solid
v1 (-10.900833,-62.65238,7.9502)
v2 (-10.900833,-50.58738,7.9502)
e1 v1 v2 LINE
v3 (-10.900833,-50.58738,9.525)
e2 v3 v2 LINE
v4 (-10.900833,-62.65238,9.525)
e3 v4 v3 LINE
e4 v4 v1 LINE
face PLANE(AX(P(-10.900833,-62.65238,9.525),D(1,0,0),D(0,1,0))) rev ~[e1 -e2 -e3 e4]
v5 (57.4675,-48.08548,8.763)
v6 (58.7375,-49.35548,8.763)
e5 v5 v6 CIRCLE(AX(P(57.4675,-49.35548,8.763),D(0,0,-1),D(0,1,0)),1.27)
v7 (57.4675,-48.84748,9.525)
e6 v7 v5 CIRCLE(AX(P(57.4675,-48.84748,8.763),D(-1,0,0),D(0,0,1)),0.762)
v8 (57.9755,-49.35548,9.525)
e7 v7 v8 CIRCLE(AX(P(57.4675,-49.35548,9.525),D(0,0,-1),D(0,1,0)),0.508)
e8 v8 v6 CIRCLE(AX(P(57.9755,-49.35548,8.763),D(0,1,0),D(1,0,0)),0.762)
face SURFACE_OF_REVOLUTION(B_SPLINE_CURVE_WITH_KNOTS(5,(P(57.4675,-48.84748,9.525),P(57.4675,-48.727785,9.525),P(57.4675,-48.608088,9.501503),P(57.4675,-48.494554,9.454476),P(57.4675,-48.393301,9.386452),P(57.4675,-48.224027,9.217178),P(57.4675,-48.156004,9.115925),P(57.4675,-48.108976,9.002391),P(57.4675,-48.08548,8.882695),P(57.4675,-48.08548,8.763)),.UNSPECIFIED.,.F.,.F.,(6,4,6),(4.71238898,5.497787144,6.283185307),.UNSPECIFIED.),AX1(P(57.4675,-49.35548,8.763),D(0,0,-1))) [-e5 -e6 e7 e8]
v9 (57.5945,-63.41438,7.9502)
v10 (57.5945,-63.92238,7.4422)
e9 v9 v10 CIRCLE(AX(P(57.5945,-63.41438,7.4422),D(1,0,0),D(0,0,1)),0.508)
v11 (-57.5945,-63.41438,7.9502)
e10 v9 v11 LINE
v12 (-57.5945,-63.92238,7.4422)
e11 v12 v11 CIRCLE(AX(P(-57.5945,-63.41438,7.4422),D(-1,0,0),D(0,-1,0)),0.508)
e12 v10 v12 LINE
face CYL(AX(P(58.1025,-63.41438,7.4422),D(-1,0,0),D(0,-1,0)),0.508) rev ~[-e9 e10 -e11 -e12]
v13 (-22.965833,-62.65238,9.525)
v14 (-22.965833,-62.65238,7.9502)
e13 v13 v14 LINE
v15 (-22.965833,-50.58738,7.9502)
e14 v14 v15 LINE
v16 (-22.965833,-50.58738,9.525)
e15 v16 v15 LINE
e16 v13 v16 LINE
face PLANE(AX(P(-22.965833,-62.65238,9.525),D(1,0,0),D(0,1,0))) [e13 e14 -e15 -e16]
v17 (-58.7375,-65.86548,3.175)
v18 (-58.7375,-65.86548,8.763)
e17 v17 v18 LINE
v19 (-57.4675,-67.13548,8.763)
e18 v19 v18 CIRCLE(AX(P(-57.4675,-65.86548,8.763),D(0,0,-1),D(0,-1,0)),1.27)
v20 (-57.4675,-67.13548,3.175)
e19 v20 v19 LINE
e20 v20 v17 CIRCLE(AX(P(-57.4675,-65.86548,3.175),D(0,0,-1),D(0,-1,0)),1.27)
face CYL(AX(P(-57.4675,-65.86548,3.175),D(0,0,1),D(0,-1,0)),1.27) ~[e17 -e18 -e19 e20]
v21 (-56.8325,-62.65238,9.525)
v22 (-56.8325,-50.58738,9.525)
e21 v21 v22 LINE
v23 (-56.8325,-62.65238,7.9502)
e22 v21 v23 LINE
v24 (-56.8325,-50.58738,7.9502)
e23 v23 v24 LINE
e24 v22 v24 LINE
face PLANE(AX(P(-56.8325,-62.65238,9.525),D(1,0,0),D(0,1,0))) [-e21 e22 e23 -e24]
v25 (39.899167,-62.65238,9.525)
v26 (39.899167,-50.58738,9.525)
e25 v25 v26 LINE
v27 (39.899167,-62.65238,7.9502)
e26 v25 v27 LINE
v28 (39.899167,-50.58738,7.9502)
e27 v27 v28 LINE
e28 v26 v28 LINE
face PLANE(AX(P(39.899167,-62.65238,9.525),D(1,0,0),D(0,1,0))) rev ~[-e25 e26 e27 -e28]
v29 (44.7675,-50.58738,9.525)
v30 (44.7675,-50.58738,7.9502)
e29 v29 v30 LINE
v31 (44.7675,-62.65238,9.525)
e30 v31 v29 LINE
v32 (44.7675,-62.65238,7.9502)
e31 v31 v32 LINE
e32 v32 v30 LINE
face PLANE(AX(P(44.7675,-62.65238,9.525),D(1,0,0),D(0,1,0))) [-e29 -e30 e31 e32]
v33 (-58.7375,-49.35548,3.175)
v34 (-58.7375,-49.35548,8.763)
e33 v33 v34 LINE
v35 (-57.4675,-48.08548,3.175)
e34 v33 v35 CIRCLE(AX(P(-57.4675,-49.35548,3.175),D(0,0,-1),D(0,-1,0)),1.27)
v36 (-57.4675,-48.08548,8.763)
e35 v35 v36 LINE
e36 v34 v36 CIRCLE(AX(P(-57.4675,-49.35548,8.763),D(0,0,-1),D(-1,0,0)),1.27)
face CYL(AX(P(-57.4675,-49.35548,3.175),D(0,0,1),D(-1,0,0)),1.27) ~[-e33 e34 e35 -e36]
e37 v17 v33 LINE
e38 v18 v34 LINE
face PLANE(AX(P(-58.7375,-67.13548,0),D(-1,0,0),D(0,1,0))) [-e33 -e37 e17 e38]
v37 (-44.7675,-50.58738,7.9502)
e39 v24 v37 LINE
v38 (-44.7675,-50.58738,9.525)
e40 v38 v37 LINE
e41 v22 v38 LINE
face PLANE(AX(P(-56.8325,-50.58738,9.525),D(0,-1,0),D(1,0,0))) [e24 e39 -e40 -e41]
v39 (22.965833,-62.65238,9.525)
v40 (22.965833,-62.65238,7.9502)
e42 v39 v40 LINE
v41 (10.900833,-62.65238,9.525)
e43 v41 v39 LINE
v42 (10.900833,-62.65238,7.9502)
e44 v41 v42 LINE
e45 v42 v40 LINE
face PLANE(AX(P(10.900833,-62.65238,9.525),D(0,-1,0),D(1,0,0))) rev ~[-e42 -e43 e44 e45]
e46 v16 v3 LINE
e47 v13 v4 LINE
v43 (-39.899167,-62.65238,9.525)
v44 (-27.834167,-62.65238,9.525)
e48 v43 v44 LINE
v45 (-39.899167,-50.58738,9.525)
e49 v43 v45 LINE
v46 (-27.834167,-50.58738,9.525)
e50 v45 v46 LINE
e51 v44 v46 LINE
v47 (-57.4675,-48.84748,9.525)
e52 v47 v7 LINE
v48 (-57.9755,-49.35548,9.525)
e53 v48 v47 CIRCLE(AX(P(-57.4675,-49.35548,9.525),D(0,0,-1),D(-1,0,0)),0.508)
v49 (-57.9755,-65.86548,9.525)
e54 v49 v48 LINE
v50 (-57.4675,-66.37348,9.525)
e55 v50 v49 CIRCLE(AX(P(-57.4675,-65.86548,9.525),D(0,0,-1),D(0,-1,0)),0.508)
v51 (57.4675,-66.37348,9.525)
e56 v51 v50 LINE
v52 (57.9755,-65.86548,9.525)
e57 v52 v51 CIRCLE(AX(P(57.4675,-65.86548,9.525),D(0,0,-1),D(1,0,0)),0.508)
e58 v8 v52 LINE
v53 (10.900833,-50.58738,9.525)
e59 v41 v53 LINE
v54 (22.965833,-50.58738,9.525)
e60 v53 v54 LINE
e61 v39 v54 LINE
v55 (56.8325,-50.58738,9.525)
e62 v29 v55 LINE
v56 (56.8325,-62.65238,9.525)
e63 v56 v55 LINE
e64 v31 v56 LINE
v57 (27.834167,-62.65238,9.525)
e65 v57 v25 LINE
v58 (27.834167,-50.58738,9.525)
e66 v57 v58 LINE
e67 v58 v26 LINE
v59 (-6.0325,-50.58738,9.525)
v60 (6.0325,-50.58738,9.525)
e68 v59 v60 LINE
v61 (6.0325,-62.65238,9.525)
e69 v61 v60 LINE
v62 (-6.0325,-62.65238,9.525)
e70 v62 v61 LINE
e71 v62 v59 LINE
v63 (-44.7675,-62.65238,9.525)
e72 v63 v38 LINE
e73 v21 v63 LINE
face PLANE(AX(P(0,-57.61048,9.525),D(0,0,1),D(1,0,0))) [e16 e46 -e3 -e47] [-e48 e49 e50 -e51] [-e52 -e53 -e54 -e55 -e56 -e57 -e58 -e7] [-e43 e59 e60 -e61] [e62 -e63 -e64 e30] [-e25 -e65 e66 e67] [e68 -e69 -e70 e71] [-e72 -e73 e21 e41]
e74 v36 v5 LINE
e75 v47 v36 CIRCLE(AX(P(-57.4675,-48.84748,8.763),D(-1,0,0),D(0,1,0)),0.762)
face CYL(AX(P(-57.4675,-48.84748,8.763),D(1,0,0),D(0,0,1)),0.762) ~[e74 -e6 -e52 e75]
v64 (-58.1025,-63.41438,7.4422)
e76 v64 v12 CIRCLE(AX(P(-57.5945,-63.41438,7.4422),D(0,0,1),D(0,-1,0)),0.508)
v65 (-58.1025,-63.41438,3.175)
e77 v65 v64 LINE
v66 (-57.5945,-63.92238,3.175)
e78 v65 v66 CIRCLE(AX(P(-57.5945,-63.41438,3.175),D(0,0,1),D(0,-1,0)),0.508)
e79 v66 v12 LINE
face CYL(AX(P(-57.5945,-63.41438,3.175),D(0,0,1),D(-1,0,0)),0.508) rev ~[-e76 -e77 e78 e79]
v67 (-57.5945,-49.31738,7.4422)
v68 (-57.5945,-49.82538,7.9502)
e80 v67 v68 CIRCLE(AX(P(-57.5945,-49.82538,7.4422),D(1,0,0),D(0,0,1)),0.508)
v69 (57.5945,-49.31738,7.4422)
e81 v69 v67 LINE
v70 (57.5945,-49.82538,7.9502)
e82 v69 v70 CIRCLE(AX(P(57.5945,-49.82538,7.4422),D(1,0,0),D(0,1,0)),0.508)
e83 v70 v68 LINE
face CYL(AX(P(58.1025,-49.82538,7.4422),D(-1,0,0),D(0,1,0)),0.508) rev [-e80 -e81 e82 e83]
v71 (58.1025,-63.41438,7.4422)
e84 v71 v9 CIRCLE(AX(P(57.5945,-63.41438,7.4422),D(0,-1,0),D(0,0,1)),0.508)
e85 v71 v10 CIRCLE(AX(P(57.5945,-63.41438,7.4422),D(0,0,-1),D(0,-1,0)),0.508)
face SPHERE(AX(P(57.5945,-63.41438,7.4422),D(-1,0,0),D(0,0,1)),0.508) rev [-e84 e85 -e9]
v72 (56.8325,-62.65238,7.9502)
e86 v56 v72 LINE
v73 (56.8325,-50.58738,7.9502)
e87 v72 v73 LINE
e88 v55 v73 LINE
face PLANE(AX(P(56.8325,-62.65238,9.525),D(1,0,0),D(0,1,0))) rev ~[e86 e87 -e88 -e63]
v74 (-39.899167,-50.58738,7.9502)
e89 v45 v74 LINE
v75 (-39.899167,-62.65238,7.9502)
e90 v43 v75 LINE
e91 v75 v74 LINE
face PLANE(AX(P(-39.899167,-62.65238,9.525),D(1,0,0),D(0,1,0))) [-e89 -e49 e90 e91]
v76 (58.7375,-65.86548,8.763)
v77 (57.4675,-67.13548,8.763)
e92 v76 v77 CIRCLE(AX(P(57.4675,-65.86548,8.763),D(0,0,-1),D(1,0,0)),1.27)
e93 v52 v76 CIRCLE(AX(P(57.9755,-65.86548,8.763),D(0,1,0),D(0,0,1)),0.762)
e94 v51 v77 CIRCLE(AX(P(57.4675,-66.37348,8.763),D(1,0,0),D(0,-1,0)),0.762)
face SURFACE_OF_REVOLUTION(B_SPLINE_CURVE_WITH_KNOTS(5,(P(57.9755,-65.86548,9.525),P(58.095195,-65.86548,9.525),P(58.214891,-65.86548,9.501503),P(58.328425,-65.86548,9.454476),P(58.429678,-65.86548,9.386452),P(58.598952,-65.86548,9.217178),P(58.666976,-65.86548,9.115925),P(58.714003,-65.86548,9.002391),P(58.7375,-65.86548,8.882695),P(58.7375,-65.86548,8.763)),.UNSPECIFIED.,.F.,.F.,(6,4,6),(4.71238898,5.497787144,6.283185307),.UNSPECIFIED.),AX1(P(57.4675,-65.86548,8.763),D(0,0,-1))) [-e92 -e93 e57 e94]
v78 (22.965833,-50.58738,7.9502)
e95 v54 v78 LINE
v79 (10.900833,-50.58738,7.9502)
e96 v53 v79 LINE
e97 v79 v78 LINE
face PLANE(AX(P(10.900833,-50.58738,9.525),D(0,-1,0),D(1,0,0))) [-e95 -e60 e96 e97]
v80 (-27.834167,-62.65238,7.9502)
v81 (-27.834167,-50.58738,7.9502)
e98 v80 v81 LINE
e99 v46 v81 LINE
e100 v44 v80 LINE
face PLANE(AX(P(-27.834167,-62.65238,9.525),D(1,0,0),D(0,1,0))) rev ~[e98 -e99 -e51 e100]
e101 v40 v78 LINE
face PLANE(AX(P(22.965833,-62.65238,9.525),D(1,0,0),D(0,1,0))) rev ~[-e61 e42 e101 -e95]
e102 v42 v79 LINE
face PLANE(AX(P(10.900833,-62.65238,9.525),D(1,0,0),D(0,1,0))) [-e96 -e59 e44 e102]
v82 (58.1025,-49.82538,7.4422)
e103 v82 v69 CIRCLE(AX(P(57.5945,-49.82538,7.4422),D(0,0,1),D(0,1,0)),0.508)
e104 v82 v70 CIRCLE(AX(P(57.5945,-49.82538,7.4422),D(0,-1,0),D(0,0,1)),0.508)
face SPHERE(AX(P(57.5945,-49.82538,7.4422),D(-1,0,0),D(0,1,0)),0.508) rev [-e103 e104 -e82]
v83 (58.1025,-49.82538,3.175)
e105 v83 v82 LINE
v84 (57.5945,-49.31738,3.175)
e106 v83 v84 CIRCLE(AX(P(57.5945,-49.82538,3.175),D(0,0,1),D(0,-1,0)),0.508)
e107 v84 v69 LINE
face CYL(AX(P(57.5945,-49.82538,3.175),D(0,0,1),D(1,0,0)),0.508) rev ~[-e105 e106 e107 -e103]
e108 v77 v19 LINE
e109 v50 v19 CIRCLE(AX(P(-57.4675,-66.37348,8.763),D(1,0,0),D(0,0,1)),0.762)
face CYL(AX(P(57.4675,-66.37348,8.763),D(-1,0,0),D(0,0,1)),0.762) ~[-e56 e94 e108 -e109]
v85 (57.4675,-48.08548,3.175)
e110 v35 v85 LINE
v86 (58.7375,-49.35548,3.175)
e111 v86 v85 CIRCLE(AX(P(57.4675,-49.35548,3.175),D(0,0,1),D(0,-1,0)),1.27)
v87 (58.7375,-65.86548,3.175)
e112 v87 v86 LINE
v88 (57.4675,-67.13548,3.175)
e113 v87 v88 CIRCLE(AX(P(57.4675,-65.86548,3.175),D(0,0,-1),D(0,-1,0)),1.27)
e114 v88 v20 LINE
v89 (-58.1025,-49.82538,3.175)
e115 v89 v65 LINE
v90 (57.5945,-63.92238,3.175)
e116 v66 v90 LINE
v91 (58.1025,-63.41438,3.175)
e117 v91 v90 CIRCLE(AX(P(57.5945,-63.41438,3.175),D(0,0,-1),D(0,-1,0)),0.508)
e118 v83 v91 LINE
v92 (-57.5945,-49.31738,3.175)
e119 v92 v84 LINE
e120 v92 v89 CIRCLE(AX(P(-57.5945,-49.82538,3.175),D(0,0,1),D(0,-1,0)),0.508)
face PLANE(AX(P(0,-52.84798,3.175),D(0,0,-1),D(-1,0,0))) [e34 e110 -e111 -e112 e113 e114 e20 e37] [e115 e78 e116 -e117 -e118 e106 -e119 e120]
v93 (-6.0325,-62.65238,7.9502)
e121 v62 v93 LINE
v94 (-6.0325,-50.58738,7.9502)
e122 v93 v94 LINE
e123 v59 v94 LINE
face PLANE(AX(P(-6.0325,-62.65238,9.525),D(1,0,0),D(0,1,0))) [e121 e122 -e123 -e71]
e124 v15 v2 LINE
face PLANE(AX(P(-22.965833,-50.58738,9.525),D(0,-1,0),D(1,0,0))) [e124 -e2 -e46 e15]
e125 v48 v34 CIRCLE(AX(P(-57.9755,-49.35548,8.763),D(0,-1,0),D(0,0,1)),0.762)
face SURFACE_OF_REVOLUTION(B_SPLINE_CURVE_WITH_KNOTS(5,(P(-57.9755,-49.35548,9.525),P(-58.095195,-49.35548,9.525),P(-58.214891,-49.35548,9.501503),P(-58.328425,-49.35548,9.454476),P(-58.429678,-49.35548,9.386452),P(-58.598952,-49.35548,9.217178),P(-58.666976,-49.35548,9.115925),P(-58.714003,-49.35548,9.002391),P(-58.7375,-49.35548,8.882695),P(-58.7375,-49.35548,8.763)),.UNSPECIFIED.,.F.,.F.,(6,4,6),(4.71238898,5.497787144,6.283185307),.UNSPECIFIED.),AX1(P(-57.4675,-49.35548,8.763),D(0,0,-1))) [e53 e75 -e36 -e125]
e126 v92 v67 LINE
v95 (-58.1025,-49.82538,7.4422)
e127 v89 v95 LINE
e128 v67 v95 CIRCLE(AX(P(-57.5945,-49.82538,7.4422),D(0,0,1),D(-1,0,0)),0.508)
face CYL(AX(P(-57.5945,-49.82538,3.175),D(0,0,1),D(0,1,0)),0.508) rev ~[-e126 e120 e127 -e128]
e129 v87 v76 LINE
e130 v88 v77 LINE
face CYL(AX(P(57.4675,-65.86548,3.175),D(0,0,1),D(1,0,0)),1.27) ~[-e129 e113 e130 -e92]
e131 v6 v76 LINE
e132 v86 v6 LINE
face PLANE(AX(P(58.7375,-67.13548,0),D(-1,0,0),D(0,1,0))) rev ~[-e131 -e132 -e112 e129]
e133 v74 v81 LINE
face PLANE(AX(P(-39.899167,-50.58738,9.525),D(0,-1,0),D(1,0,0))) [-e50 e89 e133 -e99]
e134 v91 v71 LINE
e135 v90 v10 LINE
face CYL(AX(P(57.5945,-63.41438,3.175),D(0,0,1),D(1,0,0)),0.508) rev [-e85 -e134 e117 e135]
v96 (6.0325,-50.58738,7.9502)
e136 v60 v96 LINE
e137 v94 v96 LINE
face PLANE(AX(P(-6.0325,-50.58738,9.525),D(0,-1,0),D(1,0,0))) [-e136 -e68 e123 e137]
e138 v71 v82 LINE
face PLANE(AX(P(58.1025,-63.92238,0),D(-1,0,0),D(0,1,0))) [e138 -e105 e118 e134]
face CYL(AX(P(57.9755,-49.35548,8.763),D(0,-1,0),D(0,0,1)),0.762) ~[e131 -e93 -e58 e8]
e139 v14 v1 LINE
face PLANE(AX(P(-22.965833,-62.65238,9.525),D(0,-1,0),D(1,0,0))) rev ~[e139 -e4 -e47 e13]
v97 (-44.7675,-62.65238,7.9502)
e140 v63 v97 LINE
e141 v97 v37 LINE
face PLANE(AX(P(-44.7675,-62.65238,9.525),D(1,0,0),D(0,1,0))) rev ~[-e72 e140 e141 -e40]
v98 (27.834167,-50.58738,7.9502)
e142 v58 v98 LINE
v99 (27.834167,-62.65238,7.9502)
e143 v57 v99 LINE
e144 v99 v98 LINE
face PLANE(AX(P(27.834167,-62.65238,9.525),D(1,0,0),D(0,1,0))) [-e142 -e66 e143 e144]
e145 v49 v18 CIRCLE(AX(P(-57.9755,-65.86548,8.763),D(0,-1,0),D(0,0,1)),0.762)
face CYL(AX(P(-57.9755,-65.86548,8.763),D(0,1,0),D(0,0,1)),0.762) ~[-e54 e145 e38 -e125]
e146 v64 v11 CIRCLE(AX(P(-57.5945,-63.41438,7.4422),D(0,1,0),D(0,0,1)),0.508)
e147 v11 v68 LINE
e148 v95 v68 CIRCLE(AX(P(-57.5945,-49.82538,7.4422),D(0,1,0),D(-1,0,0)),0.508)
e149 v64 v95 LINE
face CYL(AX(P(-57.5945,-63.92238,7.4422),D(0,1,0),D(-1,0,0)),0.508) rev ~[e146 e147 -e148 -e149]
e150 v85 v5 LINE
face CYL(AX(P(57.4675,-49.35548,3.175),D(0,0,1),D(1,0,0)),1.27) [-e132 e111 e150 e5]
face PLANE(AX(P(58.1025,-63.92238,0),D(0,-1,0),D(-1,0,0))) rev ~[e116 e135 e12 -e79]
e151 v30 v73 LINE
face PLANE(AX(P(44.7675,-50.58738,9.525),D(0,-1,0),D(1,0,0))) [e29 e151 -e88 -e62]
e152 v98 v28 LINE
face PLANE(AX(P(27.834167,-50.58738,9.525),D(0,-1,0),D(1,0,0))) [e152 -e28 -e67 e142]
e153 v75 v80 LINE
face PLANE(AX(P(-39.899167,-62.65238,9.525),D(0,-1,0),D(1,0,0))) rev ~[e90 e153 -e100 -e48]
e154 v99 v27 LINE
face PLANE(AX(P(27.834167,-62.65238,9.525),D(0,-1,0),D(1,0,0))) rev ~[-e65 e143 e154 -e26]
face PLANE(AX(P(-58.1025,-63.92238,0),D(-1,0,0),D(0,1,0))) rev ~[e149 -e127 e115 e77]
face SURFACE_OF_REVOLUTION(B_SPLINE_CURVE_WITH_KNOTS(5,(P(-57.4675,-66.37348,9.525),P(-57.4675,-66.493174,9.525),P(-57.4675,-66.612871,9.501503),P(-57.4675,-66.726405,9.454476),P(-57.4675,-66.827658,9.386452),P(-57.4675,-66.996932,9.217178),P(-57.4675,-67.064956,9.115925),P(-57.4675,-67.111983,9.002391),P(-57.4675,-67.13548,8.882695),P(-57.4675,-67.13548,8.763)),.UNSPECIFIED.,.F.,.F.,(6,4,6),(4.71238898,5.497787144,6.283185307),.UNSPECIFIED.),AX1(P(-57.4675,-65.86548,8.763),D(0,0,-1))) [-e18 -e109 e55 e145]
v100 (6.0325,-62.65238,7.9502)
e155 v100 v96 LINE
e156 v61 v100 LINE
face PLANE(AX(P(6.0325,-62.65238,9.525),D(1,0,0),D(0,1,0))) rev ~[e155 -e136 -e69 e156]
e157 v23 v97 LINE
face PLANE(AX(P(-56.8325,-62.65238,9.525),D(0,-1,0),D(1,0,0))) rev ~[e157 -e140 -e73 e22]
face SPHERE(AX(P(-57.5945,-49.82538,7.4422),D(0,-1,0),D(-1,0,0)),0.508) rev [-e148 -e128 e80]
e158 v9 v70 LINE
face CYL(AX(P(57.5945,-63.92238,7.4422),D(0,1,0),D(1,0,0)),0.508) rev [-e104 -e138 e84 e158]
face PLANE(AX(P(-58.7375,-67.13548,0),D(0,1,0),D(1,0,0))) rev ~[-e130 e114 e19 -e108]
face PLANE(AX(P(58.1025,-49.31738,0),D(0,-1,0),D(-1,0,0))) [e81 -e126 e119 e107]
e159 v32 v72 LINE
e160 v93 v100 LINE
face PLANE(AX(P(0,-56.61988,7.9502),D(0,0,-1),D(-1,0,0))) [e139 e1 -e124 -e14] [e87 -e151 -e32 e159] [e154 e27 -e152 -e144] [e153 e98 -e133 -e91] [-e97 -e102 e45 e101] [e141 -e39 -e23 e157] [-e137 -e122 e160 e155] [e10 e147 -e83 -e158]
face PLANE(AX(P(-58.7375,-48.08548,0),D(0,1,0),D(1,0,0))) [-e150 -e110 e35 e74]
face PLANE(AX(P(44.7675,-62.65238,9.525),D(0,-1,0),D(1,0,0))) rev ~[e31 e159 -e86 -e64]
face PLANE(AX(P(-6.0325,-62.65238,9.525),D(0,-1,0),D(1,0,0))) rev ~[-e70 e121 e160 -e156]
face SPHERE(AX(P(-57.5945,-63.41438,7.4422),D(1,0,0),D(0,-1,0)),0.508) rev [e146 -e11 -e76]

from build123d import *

# Parameters (mm, degrees)
SKETCH1_W             = 117.475
SKETCH1_H             = 19.05
BOSS_EXTRUDE1_DEPTH   = 9.525
BOSS_EXTRUDE2_DEPTH   = 3.175
F_6_CLEARANCE_HOLE1_D = 4.3053
SKETCH5_W             = 12.065
SKETCH5_H             = 12.065
CUT_EXTRUDE1_DEPTH    = 10.525
SKETCH7_W             = 116.205
SKETCH7_H             = 14.605
CUT_EXTRUDE2_DEPTH    = 7.9502
SKETCH8_W             = 117.475
SKETCH8_H             = 28.575
CUT_EXTRUDE3_DEPTH    = 3.175
FILLET2_R             = 1.27
FILLET3_R             = 0.762
FILLET4_R             = 0.508


with BuildPart() as part:
    # Sketch1 → Boss-Extrude1 (new body)
    with BuildSketch(Plane.XY):
        with Locations((0, -57.6104797)):
            Rectangle(SKETCH1_W, SKETCH1_H)
    extrude(amount=BOSS_EXTRUDE1_DEPTH)

    # Sketch2 → Boss-Extrude2 (add)
    with BuildSketch(Plane.XY):
        with BuildLine():
            Line((35.56, -48.0854797), (58.7375, -48.0854797))
            Line((58.7375, -48.0854797), (44.939976119, -39.26086832))
            ThreePointArc((44.939976119, -39.26086832), (40.410479427, -39.106525106), (38.1, -43.0054797))
            Line((38.1, -43.0054797), (38.1, -45.5454797))
            ThreePointArc((38.1, -45.5454797), (37.356051224, -47.341530924), (35.56, -48.0854797))
        make_face()
        with BuildLine():
            Line((-38.1, -45.5454797), (-38.1, -43.0054797))
            ThreePointArc((-38.1, -43.0054797), (-40.410479427, -39.106525106), (-44.939976119, -39.26086832))
            Line((-44.939976119, -39.26086832), (-58.7375, -48.0854797))
            Line((-58.7375, -48.0854797), (-35.56, -48.0854797))
            ThreePointArc((-35.56, -48.0854797), (-37.356051224, -47.341530924), (-38.1, -45.5454797))
        make_face()
    extrude(amount=BOSS_EXTRUDE2_DEPTH)

    # #6 Clearance Hole1 (through all)
    with Locations(Plane.XY.offset(3.175)):
        with Locations((42.545, -43.0054797), (-42.545, -43.0054797)):
            Hole(F_6_CLEARANCE_HOLE1_D / 2)

    # Sketch5 → Cut-Extrude1 (cut, through all)
    with BuildSketch(Plane.XY.offset(9.525)):
        with Locations((50.8, -56.6198797)):
            Rectangle(SKETCH5_W, SKETCH5_H)
        with Locations((33.866666667, -56.6198797)):
            Rectangle(SKETCH5_W, SKETCH5_H)
        with Locations((16.933333333, -56.6198797)):
            Rectangle(SKETCH5_W, SKETCH5_H)
        with Locations((0, -56.6198797)):
            Rectangle(SKETCH5_W, SKETCH5_H)
        with Locations((-16.933333333, -56.6198797)):
            Rectangle(SKETCH5_W, SKETCH5_H)
        with Locations((-33.866666667, -56.6198797)):
            Rectangle(SKETCH5_W, SKETCH5_H)
        with Locations((-50.8, -56.6198797)):
            Rectangle(SKETCH5_W, SKETCH5_H)
    extrude(amount=-CUT_EXTRUDE1_DEPTH, mode=Mode.SUBTRACT)

    # Sketch7 → Cut-Extrude2 (cut)
    with BuildSketch(Plane(origin=(0, 0, 0), x_dir=(-1, 0, 0), z_dir=(0, 0, -1))):
        with Locations((0, -56.6198797)):
            Rectangle(SKETCH7_W, SKETCH7_H)
    extrude(amount=-CUT_EXTRUDE2_DEPTH, mode=Mode.SUBTRACT)

    # Sketch8 → Cut-Extrude3 (cut)
    with BuildSketch(Plane(origin=(0, 0, 0), x_dir=(-1, 0, 0), z_dir=(0, 0, -1))):
        with Locations((0, -52.8479797)):
            Rectangle(SKETCH8_W, SKETCH8_H)
    extrude(amount=-CUT_EXTRUDE3_DEPTH, mode=Mode.SUBTRACT)

    # Fillet2
    fillet2_edges = [part.edges().sort_by_distance(p)[0] for p in [
        (58.7375, -67.1354797, 6.35),
        (58.7375, -48.0854797, 6.35),
        (-58.7375, -48.0854797, 6.35),
        (-58.7375, -67.1354797, 6.35),
    ]]
    fillet(fillet2_edges, radius=FILLET2_R)

    # Fillet3
    fillet3_edges = [part.edges().sort_by_distance(p)[0] for p in [
        (-58.7375, -57.6104797, 9.525),
        (0, -48.0854797, 9.525),
        (0, -67.1354797, 9.525),
        (58.7375, -57.6104797, 9.525),
        (58.365525612, -66.763505312, 9.525),
        (58.365525612, -48.457454088, 9.525),
        (-58.365525612, -66.763505312, 9.525),
        (-58.365525612, -48.457454088, 9.525),
    ]]
    fillet(fillet3_edges, radius=FILLET3_R)

    # Fillet4
    fillet4_edges = [part.edges().sort_by_distance(p)[0] for p in [
        (0, -63.9223797, 7.9502),
        (-58.1025, -63.9223797, 5.5626),
        (-58.1025, -56.6198797, 7.9502),
        (-58.1025, -49.3173797, 5.5626),
        (0, -49.3173797, 7.9502),
        (58.1025, -49.3173797, 5.5626),
        (58.1025, -56.6198797, 7.9502),
        (58.1025, -63.9223797, 5.5626),
    ]]
    fillet(fillet4_edges, radius=FILLET4_R)


solid = part.part
